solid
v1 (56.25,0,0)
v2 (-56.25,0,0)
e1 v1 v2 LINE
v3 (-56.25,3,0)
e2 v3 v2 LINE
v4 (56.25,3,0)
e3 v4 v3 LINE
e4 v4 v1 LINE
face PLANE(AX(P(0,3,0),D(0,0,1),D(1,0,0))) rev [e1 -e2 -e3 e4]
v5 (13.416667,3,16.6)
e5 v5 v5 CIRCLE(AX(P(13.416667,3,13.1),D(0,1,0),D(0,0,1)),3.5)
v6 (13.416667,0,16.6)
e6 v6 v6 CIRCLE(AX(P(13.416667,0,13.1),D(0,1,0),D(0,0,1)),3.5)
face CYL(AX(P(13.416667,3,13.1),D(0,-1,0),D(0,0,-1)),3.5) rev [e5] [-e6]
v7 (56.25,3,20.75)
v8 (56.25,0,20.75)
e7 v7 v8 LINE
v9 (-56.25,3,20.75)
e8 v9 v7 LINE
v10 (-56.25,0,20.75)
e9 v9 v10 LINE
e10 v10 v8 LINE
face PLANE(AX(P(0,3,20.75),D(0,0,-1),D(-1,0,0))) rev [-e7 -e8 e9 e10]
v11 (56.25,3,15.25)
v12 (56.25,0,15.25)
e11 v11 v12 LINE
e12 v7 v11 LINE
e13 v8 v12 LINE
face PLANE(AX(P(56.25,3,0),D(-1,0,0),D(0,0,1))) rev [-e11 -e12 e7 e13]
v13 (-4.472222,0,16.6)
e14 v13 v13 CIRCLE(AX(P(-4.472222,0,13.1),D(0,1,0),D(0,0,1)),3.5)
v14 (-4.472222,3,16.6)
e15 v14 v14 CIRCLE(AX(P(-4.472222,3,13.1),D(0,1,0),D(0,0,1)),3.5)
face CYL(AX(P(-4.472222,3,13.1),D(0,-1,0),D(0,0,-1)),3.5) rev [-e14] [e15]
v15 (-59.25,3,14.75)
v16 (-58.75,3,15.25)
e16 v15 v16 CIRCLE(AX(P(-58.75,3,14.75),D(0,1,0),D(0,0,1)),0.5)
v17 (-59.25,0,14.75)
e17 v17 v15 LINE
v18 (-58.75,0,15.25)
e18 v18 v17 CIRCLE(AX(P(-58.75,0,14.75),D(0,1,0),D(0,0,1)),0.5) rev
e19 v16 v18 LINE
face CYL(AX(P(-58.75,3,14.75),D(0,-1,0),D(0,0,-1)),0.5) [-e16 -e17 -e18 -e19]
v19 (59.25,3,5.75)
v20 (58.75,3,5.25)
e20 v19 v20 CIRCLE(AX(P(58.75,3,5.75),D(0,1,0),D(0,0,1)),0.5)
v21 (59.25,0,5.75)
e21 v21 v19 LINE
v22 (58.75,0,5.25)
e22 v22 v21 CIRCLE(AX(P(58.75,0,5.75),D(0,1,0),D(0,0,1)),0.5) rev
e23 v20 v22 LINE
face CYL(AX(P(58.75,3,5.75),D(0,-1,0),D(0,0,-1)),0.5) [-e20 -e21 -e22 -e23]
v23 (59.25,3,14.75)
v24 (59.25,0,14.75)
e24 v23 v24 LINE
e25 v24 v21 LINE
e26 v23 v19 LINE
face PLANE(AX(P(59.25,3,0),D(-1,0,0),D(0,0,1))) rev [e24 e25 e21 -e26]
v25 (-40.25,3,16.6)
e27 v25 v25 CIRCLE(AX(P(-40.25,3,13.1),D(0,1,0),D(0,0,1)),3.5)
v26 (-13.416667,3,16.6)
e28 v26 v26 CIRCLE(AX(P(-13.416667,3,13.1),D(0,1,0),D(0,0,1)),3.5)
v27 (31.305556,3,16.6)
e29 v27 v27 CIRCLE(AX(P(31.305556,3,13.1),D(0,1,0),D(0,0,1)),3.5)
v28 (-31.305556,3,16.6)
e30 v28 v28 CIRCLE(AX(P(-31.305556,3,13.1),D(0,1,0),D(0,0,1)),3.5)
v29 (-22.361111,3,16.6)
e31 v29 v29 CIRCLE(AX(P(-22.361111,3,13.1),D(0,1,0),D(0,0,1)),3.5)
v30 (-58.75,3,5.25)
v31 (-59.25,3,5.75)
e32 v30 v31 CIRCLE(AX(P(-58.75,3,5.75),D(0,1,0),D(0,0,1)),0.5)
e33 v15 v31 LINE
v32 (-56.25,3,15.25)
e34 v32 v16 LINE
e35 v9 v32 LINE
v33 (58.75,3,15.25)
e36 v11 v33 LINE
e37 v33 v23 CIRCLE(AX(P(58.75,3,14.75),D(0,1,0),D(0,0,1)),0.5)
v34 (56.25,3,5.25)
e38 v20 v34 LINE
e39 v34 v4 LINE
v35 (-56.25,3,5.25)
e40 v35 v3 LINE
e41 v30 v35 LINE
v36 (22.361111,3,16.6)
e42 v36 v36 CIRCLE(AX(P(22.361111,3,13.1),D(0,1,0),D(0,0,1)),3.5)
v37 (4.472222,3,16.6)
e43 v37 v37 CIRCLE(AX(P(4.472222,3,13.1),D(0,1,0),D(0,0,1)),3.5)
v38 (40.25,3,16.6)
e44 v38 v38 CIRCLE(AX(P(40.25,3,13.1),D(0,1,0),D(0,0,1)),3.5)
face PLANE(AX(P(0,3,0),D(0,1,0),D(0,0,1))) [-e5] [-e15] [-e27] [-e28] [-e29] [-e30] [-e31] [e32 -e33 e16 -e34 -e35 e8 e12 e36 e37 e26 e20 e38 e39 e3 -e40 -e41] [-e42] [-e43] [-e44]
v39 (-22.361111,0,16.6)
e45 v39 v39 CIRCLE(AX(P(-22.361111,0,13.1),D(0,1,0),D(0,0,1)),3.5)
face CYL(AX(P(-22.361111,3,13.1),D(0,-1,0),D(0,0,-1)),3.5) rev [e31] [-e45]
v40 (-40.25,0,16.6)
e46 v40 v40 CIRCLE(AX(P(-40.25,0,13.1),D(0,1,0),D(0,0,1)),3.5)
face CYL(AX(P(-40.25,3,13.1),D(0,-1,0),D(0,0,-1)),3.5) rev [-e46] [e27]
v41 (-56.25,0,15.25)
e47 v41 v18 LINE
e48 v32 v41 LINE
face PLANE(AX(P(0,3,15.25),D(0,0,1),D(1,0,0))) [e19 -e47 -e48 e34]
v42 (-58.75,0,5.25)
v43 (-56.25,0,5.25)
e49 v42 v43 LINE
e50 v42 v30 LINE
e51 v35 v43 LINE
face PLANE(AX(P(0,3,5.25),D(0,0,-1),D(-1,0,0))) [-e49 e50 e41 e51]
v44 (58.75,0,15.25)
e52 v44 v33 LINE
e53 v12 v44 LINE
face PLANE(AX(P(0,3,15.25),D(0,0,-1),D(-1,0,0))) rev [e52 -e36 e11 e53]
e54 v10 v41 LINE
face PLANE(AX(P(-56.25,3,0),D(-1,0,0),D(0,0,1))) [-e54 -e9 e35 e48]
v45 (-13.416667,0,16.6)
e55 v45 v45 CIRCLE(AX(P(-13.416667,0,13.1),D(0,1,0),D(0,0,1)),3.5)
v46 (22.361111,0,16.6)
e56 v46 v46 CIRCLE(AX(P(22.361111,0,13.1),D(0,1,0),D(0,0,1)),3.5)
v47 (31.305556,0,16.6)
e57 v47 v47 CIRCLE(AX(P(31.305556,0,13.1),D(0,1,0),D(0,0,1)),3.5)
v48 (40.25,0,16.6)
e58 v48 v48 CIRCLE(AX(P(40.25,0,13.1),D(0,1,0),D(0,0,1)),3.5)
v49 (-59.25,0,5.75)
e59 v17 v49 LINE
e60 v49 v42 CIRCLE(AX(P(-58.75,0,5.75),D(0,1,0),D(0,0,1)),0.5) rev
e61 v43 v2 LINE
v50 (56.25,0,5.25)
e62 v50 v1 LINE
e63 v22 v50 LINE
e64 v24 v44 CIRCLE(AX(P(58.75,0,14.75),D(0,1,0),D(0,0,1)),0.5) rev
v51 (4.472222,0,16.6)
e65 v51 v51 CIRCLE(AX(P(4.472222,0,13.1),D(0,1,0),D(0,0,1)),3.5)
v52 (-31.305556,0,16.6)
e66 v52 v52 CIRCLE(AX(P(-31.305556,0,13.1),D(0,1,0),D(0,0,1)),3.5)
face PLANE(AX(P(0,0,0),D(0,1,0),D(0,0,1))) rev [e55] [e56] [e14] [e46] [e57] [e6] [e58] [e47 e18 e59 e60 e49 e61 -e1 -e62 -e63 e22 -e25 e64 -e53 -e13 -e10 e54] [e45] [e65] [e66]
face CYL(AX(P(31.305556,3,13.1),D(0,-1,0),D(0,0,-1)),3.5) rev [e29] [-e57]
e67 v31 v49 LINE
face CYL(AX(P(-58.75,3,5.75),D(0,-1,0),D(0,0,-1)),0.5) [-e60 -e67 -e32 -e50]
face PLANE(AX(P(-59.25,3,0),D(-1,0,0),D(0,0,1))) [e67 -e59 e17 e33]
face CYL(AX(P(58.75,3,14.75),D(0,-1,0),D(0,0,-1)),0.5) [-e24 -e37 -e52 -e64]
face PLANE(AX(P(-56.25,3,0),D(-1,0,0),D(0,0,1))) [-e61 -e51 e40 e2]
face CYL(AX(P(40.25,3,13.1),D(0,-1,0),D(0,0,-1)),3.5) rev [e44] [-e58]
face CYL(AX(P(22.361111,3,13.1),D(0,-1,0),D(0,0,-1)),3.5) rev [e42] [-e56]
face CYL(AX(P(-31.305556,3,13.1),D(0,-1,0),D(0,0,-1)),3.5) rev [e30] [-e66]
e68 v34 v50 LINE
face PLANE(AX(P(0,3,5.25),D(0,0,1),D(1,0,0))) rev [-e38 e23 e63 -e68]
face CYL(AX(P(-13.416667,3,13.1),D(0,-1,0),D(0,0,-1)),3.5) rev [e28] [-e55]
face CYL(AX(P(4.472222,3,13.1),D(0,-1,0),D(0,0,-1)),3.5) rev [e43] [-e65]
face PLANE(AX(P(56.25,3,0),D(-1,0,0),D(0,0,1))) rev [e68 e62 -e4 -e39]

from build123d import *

# Parameters (mm, degrees)
SKETCH_1_R      = 3.5
EXTRUDE_1_DEPTH = 3
FILLET_1_R      = 0.5


with BuildPart() as part:
    # Эскиз1 → Бобышка-Вытянуть1 (new body)
    with BuildSketch(Plane(origin=(0, 0, 0), x_dir=(1, 0, 0), z_dir=(0, 1, 0))):
        Polygon((-56.25, -20.75), (56.25, -20.75), (56.25, -15.25), (59.25, -15.25), (59.25, -5.25), (56.25, -5.25), (56.25, 0), (-56.25, 0), (-56.25, -5.25), (-59.25, -5.25), (-59.25, -15.25), (-56.25, -15.25), align=None)
        with Locations((-40.25, -13.1)):
            Circle(SKETCH_1_R, mode=Mode.SUBTRACT)
        with Locations((-31.305555556, -13.1)):
            Circle(SKETCH_1_R, mode=Mode.SUBTRACT)
        with Locations((-22.361111111, -13.1)):
            Circle(SKETCH_1_R, mode=Mode.SUBTRACT)
        with Locations((-13.416666667, -13.1)):
            Circle(SKETCH_1_R, mode=Mode.SUBTRACT)
        with Locations((-4.472222222, -13.1)):
            Circle(SKETCH_1_R, mode=Mode.SUBTRACT)
        with Locations((4.472222222, -13.1)):
            Circle(SKETCH_1_R, mode=Mode.SUBTRACT)
        with Locations((13.416666667, -13.1)):
            Circle(SKETCH_1_R, mode=Mode.SUBTRACT)
        with Locations((22.361111111, -13.1)):
            Circle(SKETCH_1_R, mode=Mode.SUBTRACT)
        with Locations((31.305555556, -13.1)):
            Circle(SKETCH_1_R, mode=Mode.SUBTRACT)
        with Locations((40.25, -13.1)):
            Circle(SKETCH_1_R, mode=Mode.SUBTRACT)
    extrude(amount=EXTRUDE_1_DEPTH)

    # Скругление1
    fillet_1_edges = [part.edges().sort_by_distance(p)[0] for p in [
        (-59.25, 1.5, 15.25),
        (-59.25, 1.5, 5.25),
        (59.25, 1.5, 5.25),
        (59.25, 1.5, 15.25),
    ]]
    fillet(fillet_1_edges, radius=FILLET_1_R)


solid = part.part
